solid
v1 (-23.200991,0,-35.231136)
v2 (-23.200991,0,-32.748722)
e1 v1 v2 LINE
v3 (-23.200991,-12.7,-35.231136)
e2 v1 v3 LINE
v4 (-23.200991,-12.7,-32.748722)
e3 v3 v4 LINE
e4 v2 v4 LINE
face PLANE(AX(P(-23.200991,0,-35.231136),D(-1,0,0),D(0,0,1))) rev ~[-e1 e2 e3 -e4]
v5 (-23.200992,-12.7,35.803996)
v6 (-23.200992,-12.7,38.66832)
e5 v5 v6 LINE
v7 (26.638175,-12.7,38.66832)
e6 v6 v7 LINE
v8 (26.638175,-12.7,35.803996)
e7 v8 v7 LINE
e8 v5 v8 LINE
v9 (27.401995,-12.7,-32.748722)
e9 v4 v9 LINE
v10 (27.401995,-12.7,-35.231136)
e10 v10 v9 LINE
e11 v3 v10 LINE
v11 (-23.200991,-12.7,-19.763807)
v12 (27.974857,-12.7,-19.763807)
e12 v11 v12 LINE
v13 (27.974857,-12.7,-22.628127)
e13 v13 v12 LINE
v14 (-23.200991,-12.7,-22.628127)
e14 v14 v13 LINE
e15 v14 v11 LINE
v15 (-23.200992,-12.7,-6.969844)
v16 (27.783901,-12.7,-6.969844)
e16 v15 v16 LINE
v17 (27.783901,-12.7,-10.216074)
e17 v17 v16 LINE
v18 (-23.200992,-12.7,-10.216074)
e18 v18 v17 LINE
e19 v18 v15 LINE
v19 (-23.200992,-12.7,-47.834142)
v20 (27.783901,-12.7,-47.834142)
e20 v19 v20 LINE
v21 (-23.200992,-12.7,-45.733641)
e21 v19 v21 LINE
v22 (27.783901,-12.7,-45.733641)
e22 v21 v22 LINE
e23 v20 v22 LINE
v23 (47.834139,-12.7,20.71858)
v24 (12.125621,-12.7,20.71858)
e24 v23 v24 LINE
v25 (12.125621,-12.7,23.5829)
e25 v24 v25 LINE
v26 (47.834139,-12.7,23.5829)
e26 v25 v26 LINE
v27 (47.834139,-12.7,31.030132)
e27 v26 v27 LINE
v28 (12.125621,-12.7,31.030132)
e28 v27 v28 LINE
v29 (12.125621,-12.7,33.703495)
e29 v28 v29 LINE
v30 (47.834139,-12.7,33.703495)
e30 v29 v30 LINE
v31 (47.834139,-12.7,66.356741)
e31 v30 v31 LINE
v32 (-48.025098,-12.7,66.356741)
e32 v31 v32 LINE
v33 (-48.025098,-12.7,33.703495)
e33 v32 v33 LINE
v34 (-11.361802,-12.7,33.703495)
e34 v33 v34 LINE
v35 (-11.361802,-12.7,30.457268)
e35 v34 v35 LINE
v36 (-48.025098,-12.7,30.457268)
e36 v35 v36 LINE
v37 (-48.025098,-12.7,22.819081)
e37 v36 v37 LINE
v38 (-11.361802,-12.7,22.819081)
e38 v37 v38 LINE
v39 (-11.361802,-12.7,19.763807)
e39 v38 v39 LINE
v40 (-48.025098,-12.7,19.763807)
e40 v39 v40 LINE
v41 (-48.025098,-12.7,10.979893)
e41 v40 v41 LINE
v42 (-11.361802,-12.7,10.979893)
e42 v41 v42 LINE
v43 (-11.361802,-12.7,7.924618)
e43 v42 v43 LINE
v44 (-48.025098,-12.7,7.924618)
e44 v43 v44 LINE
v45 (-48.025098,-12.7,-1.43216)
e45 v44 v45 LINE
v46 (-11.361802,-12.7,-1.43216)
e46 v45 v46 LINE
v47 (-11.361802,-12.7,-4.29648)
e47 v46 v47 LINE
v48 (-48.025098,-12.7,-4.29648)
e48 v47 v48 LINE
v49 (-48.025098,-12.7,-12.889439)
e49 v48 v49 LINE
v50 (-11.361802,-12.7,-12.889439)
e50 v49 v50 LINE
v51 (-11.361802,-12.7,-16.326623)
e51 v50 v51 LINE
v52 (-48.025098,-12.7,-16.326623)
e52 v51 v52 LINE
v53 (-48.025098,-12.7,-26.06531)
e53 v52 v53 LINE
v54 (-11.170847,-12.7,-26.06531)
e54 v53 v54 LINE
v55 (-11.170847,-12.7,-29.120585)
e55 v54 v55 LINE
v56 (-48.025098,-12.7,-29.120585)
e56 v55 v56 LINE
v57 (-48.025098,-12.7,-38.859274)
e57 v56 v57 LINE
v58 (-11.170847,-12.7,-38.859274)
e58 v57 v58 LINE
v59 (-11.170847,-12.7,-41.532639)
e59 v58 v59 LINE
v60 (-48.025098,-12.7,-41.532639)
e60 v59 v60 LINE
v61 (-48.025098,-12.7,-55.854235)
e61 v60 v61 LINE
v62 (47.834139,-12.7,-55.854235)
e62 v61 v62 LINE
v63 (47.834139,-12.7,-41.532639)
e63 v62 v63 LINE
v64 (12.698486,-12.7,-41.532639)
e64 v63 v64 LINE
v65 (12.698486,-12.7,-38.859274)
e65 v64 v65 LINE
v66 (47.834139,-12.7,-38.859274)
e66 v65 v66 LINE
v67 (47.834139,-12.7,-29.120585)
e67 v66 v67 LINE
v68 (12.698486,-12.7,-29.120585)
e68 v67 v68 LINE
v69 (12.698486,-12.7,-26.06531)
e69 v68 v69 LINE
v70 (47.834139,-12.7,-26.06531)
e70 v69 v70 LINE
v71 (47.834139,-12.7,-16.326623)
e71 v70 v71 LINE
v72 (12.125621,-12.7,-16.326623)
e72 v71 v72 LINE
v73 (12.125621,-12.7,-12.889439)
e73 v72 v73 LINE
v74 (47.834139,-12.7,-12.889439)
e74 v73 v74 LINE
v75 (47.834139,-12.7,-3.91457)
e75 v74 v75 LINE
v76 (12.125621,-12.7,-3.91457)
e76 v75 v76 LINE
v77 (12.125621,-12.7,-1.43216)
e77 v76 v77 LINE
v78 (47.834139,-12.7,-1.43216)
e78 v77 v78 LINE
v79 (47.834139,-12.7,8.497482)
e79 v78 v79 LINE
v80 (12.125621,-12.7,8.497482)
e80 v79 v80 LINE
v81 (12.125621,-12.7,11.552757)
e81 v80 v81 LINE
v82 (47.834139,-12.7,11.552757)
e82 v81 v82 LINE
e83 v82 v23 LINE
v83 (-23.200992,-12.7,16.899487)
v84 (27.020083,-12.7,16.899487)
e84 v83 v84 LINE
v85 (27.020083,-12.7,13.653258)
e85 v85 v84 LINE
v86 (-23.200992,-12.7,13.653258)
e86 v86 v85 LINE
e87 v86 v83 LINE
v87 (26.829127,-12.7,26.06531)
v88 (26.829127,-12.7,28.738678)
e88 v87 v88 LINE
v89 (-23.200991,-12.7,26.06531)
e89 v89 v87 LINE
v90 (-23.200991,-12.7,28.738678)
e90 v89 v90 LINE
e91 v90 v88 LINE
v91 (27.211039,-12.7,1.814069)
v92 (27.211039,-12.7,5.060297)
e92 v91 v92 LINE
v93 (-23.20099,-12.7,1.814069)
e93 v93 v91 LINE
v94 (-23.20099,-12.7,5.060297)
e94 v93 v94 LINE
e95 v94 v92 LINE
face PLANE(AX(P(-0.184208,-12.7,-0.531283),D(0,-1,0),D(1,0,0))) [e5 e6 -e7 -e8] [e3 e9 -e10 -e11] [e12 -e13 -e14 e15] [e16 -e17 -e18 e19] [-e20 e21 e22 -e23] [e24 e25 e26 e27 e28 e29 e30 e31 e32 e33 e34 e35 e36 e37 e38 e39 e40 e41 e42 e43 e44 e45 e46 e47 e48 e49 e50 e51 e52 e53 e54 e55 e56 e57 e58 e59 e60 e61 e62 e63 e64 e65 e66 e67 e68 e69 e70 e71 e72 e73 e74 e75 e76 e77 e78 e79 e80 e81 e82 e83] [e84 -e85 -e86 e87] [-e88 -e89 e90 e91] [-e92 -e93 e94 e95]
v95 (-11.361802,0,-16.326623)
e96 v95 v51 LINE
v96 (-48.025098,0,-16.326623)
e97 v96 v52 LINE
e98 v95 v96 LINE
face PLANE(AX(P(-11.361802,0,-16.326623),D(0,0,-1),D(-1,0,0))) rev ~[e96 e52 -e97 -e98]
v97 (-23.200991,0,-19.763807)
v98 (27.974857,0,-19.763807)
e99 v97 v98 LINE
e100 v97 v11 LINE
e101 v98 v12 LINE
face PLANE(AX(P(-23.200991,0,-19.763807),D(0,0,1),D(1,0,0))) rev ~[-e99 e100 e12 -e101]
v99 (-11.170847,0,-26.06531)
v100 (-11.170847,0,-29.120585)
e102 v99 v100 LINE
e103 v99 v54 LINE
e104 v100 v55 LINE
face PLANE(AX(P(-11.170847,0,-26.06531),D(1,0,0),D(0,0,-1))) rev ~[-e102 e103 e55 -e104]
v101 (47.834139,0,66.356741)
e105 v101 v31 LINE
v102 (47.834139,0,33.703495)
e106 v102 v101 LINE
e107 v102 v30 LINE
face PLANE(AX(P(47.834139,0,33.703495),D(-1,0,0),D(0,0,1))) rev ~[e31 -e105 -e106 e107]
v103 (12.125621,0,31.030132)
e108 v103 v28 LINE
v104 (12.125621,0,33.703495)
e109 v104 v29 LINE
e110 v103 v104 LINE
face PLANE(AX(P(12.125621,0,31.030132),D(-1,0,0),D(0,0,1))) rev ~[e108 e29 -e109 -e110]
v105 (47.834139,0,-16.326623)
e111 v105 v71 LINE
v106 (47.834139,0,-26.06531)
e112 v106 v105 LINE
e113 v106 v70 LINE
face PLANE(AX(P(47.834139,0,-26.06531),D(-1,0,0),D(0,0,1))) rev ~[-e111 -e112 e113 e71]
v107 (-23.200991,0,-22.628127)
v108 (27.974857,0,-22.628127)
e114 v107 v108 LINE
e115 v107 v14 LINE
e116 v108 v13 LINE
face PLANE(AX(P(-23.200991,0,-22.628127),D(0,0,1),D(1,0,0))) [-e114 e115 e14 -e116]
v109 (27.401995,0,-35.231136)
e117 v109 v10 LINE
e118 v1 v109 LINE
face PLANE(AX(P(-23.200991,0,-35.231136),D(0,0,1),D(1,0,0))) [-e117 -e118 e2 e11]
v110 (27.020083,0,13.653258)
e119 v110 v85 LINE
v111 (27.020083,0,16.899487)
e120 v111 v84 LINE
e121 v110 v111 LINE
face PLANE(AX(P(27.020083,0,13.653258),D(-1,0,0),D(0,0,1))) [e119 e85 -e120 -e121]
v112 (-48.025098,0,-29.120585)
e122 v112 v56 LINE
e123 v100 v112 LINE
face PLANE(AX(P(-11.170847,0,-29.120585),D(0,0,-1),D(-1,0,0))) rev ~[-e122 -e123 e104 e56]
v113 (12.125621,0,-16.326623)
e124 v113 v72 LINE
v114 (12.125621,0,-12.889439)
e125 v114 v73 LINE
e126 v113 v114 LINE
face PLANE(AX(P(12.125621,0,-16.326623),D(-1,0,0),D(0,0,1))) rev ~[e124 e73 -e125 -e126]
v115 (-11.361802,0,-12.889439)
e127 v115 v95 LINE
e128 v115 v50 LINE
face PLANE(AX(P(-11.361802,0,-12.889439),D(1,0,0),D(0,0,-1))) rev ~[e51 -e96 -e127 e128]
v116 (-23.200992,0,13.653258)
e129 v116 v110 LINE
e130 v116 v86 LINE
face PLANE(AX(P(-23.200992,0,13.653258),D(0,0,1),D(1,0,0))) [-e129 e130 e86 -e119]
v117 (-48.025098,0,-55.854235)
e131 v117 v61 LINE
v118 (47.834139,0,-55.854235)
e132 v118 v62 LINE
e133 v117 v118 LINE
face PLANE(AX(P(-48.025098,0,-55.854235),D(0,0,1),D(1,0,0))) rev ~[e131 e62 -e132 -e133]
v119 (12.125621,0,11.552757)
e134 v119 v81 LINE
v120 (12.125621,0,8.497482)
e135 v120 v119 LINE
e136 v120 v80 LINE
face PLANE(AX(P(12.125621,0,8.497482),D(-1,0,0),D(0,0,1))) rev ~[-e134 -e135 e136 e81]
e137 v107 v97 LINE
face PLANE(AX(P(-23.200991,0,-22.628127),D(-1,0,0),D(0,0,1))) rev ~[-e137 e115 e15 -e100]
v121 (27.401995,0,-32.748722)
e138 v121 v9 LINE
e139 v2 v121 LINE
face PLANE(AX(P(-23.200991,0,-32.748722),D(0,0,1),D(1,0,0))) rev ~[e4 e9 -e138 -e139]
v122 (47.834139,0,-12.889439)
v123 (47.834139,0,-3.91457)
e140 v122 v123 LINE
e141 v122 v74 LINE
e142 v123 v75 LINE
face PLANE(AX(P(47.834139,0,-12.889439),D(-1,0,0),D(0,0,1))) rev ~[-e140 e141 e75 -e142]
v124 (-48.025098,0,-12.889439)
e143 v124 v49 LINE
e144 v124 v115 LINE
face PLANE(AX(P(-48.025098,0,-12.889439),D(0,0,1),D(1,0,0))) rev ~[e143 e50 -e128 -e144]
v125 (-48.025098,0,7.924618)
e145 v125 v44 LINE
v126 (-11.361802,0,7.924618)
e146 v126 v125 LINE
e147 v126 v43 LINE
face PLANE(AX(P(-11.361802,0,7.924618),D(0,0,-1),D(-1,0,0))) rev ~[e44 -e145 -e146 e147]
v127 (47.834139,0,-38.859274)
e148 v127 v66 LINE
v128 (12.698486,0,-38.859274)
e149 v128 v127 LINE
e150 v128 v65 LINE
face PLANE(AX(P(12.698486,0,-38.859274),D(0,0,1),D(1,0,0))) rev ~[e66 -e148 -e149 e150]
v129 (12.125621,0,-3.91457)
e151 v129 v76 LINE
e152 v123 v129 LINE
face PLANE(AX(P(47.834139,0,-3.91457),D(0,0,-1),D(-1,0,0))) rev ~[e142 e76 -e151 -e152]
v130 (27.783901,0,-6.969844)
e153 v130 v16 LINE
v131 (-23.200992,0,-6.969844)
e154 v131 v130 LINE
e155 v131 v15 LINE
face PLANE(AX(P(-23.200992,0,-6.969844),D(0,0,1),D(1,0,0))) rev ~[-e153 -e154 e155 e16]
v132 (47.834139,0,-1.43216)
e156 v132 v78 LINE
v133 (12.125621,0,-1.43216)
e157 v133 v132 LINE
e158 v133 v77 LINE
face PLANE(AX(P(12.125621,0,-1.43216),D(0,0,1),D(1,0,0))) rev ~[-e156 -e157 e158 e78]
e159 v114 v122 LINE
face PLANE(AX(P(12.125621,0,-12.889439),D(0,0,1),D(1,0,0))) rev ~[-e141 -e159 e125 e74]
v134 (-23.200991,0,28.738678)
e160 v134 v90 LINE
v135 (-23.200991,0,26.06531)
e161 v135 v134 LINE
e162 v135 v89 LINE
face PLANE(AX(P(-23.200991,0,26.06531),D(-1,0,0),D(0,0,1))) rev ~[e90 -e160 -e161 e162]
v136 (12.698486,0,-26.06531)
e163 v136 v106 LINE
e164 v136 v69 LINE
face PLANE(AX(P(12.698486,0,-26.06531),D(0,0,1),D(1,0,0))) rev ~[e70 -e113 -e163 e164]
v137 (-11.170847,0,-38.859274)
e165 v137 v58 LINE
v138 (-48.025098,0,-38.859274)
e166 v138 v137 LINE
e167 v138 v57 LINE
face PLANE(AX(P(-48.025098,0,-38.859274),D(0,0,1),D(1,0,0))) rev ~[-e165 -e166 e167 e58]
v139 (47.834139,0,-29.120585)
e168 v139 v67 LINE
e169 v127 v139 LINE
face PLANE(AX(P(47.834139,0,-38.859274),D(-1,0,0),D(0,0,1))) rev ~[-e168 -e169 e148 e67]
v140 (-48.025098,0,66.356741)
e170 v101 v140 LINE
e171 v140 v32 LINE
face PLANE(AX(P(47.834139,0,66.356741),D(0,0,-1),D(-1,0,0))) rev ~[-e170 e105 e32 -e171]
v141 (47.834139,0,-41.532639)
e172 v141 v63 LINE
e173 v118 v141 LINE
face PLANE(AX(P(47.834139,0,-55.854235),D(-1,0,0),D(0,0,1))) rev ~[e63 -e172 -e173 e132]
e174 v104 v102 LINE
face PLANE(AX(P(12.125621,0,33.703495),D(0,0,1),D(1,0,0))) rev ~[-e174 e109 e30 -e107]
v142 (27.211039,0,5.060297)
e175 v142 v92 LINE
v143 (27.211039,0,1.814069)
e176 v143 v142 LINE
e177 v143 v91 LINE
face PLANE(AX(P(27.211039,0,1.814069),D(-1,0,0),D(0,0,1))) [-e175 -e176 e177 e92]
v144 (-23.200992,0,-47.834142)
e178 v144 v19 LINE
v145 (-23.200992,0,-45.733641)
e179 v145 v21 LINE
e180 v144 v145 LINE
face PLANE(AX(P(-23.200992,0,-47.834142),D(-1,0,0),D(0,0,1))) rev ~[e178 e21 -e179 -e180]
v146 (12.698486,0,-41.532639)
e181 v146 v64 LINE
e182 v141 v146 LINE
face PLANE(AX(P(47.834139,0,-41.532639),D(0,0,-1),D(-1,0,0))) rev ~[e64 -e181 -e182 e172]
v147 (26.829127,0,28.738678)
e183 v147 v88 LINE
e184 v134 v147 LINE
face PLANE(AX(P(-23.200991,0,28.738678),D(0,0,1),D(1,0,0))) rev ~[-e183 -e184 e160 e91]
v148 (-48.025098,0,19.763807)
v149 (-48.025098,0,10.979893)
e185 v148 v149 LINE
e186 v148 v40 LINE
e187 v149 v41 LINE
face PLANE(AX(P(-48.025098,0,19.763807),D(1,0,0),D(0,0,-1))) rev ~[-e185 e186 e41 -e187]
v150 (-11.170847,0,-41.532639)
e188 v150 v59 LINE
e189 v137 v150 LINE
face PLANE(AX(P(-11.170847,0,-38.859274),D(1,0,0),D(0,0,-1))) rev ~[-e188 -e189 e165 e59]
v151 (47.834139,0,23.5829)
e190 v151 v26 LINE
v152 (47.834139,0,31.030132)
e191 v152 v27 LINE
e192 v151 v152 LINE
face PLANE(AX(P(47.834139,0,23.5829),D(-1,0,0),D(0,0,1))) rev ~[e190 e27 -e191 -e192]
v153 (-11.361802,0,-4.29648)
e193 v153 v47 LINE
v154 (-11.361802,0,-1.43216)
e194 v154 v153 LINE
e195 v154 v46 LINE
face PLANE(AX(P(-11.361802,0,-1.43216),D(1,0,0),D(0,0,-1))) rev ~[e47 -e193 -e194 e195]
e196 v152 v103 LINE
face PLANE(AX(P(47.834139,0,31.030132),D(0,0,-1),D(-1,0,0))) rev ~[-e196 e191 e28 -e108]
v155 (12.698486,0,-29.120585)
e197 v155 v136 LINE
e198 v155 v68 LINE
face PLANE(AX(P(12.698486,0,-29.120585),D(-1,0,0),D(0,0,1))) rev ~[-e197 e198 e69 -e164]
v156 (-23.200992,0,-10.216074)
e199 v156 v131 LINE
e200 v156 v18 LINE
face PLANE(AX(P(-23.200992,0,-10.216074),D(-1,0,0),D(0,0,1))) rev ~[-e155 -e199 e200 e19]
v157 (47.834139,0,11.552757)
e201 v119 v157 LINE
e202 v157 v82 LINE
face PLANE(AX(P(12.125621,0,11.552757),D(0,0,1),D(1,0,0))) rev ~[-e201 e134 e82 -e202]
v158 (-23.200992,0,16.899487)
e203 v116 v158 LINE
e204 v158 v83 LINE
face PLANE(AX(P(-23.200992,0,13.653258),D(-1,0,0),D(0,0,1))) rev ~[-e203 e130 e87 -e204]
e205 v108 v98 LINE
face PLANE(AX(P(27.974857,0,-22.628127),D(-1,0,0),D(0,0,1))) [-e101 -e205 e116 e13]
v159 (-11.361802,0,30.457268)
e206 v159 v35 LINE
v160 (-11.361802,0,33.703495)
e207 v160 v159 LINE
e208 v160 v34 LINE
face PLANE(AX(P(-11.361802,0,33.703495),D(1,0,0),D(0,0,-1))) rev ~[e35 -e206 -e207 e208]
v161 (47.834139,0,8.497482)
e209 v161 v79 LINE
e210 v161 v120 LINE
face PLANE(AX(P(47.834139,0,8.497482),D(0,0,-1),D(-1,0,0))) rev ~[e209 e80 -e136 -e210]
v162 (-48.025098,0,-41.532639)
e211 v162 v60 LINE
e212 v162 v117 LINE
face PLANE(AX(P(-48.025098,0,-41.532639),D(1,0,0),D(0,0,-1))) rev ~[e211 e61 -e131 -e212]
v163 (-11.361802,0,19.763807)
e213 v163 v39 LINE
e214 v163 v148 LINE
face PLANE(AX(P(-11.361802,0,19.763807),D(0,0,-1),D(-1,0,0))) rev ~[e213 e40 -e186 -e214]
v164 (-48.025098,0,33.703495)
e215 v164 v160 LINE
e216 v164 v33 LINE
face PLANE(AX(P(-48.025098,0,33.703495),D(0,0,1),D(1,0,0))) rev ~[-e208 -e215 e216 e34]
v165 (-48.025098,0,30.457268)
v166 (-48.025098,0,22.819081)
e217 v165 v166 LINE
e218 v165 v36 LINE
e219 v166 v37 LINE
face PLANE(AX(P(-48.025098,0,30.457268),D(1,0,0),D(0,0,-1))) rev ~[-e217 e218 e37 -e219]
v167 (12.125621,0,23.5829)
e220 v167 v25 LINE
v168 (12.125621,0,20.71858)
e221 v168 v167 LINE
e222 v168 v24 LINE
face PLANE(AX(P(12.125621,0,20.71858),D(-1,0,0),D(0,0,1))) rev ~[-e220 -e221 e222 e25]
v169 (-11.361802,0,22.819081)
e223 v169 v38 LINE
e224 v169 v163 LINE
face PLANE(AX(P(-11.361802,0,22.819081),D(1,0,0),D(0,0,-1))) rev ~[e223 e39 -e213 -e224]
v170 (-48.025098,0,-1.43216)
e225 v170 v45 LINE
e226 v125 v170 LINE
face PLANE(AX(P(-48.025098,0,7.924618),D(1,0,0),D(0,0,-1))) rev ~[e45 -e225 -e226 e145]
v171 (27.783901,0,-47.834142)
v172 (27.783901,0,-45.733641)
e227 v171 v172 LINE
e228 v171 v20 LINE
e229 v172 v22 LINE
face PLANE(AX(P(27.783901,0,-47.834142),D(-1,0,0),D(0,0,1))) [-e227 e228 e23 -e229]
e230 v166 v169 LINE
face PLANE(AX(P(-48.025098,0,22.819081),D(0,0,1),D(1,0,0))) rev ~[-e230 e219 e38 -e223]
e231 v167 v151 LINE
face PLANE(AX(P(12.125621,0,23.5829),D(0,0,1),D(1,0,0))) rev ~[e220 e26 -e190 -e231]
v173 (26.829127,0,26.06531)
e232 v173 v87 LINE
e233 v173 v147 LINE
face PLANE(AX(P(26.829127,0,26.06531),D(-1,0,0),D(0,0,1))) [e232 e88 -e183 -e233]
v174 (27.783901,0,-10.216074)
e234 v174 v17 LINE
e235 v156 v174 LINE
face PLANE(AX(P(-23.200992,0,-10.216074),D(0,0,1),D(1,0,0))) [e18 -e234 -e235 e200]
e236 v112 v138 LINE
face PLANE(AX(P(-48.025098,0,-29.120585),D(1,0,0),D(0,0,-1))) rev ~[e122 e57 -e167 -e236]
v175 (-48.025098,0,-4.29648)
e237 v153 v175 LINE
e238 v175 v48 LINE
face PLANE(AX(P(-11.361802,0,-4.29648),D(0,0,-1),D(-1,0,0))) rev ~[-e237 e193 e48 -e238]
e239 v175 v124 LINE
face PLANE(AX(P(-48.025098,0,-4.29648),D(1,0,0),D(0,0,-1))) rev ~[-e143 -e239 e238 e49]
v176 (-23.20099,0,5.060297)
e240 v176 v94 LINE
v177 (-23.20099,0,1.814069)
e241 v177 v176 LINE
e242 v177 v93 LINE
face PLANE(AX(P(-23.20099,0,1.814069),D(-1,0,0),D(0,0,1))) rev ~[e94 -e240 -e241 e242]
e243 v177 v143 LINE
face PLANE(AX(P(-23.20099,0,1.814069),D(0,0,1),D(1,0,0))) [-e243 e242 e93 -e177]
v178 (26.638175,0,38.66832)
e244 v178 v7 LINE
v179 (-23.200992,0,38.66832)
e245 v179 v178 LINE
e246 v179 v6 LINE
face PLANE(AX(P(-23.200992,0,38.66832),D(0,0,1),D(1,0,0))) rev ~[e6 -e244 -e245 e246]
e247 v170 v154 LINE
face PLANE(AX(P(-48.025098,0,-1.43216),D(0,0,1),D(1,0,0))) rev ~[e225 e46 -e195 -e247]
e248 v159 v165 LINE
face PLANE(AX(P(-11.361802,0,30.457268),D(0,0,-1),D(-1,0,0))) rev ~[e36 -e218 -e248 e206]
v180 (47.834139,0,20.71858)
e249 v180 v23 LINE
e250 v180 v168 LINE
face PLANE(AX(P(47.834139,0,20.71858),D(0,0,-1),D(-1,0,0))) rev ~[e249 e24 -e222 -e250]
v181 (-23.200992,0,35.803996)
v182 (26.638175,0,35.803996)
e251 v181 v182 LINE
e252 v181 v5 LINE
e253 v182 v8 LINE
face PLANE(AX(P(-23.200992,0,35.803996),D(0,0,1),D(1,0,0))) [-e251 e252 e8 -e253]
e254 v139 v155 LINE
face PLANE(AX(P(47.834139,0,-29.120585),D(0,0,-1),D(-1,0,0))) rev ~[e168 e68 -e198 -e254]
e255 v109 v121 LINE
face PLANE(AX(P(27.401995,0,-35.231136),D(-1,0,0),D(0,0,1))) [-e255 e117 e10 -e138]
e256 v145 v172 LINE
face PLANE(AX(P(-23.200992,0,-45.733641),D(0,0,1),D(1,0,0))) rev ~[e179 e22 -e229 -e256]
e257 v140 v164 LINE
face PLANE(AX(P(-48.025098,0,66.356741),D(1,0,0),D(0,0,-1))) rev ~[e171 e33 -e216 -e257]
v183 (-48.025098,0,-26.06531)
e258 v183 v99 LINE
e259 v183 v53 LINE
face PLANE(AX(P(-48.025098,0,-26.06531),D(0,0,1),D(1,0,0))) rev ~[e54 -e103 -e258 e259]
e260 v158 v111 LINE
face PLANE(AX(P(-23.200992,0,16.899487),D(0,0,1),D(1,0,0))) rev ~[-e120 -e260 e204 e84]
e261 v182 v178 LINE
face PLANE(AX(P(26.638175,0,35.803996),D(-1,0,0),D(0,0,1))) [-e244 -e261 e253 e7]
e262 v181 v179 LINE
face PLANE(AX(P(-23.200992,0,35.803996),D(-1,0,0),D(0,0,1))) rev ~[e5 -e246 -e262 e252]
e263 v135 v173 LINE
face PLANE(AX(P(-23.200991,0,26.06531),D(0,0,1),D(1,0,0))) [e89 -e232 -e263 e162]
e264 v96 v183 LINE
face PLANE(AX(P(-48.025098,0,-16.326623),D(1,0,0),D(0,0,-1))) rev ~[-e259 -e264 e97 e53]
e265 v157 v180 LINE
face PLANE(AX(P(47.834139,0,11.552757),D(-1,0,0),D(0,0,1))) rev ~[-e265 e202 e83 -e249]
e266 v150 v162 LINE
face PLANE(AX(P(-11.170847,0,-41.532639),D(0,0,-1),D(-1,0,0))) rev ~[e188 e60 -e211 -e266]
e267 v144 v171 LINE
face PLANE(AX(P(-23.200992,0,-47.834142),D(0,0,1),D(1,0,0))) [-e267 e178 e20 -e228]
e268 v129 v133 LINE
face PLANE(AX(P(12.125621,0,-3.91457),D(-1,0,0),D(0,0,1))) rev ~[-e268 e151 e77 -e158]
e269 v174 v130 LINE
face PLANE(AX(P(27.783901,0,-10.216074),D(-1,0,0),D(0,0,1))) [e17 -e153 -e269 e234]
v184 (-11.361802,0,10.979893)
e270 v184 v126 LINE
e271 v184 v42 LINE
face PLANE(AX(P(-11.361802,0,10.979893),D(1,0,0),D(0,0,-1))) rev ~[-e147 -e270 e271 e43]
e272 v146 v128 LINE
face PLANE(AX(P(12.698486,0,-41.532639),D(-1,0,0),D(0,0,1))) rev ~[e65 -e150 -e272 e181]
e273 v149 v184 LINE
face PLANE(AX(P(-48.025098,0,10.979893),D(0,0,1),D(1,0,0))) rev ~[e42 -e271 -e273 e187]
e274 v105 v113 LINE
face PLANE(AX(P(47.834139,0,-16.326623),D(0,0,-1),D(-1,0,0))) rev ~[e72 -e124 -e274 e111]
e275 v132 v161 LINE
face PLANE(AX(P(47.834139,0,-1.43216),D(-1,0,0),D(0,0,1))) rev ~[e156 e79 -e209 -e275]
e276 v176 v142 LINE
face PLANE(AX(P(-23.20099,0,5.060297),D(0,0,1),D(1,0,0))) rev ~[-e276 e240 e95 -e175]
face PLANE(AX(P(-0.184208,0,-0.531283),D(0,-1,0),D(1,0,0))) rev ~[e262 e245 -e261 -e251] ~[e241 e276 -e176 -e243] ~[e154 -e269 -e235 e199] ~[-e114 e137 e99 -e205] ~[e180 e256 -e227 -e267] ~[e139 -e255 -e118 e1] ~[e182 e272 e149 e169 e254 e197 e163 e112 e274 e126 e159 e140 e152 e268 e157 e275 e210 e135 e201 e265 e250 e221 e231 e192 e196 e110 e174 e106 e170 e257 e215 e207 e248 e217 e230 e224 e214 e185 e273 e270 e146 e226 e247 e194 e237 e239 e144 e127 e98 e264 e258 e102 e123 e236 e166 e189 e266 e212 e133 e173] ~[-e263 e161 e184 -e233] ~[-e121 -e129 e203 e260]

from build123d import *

# Parameters (mm, degrees)
F0_W     = 50.984893
F0_H     = 2.100501
F0_W_2   = 50.602986
F0_H_2   = 2.482414
F0_W_3   = 51.175848
F0_H_3   = 2.86432
F0_H_4   = 3.246229
F0_W_4   = 50.412029
F0_W_5   = 50.221075
F0_W_6   = 50.030118
F0_H_5   = 2.673368
F0_W_7   = 49.839167
F0_H_6   = 2.864324
F1_DEPTH = 12.7


with BuildPart() as f1:
    # F0 (on Front) → F1 (new body)
    with BuildSketch(Plane.XZ):
        Polygon((-48.025098, -41.532639), (-48.025098, -55.854235), (47.834139, -55.854235), (47.834139, -41.532639), (12.698486, -41.532639), (12.698486, -38.859274), (47.834139, -38.859274), (47.834139, -29.120585), (12.698486, -29.120585), (12.698486, -26.06531), (47.834139, -26.06531), (47.834139, -16.326623), (12.125621, -16.326623), (12.125621, -12.889439), (47.834139, -12.889439), (47.834139, -3.91457), (12.125621, -3.91457), (12.125621, -1.43216), (47.834139, -1.43216), (47.834139, 8.497482), (12.125621, 8.497482), (12.125621, 11.552757), (47.834139, 11.552757), (47.834139, 20.71858), (12.125621, 20.71858), (12.125621, 23.5829), (47.834139, 23.5829), (47.834139, 31.030132), (12.125621, 31.030132), (12.125621, 33.703495), (47.834139, 33.703495), (47.834139, 66.356741), (-48.025098, 66.356741), (-48.025098, 33.703495), (-11.361802, 33.703495), (-11.361802, 30.457268), (-48.025098, 30.457268), (-48.025098, 22.819081), (-11.361802, 22.819081), (-11.361802, 19.763807), (-48.025098, 19.763807), (-48.025098, 10.979893), (-11.361802, 10.979893), (-11.361802, 7.924618), (-48.025098, 7.924618), (-48.025098, -1.43216), (-11.361802, -1.43216), (-11.361802, -4.29648), (-48.025098, -4.29648), (-48.025098, -12.889439), (-11.361802, -12.889439), (-11.361802, -16.326623), (-48.025098, -16.326623), (-48.025098, -26.06531), (-11.170847, -26.06531), (-11.170847, -29.120585), (-48.025098, -29.120585), (-48.025098, -38.859274), (-11.170847, -38.859274), (-11.170847, -41.532639), align=None)
        with Locations((2.291455, -46.783892)):
            Rectangle(F0_W, F0_H, mode=Mode.SUBTRACT)
        with Locations((2.100502, -33.989929)):
            Rectangle(F0_W_2, F0_H_2, mode=Mode.SUBTRACT)
        with Locations((2.386933, -21.195967)):
            Rectangle(F0_W_3, F0_H_3, mode=Mode.SUBTRACT)
        with Locations((2.291455, -8.592959)):
            Rectangle(F0_W, F0_H_4, mode=Mode.SUBTRACT)
        with Locations((2.005024, 3.437183)):
            Rectangle(F0_W_4, F0_H_4, mode=Mode.SUBTRACT)
        with Locations((1.909546, 15.276373)):
            Rectangle(F0_W_5, F0_H_4, mode=Mode.SUBTRACT)
        with Locations((1.814068, 27.401994)):
            Rectangle(F0_W_6, F0_H_5, mode=Mode.SUBTRACT)
        with Locations((1.718592, 37.236158)):
            Rectangle(F0_W_7, F0_H_6, mode=Mode.SUBTRACT)
    extrude(amount=F1_DEPTH)


solid = f1.part
